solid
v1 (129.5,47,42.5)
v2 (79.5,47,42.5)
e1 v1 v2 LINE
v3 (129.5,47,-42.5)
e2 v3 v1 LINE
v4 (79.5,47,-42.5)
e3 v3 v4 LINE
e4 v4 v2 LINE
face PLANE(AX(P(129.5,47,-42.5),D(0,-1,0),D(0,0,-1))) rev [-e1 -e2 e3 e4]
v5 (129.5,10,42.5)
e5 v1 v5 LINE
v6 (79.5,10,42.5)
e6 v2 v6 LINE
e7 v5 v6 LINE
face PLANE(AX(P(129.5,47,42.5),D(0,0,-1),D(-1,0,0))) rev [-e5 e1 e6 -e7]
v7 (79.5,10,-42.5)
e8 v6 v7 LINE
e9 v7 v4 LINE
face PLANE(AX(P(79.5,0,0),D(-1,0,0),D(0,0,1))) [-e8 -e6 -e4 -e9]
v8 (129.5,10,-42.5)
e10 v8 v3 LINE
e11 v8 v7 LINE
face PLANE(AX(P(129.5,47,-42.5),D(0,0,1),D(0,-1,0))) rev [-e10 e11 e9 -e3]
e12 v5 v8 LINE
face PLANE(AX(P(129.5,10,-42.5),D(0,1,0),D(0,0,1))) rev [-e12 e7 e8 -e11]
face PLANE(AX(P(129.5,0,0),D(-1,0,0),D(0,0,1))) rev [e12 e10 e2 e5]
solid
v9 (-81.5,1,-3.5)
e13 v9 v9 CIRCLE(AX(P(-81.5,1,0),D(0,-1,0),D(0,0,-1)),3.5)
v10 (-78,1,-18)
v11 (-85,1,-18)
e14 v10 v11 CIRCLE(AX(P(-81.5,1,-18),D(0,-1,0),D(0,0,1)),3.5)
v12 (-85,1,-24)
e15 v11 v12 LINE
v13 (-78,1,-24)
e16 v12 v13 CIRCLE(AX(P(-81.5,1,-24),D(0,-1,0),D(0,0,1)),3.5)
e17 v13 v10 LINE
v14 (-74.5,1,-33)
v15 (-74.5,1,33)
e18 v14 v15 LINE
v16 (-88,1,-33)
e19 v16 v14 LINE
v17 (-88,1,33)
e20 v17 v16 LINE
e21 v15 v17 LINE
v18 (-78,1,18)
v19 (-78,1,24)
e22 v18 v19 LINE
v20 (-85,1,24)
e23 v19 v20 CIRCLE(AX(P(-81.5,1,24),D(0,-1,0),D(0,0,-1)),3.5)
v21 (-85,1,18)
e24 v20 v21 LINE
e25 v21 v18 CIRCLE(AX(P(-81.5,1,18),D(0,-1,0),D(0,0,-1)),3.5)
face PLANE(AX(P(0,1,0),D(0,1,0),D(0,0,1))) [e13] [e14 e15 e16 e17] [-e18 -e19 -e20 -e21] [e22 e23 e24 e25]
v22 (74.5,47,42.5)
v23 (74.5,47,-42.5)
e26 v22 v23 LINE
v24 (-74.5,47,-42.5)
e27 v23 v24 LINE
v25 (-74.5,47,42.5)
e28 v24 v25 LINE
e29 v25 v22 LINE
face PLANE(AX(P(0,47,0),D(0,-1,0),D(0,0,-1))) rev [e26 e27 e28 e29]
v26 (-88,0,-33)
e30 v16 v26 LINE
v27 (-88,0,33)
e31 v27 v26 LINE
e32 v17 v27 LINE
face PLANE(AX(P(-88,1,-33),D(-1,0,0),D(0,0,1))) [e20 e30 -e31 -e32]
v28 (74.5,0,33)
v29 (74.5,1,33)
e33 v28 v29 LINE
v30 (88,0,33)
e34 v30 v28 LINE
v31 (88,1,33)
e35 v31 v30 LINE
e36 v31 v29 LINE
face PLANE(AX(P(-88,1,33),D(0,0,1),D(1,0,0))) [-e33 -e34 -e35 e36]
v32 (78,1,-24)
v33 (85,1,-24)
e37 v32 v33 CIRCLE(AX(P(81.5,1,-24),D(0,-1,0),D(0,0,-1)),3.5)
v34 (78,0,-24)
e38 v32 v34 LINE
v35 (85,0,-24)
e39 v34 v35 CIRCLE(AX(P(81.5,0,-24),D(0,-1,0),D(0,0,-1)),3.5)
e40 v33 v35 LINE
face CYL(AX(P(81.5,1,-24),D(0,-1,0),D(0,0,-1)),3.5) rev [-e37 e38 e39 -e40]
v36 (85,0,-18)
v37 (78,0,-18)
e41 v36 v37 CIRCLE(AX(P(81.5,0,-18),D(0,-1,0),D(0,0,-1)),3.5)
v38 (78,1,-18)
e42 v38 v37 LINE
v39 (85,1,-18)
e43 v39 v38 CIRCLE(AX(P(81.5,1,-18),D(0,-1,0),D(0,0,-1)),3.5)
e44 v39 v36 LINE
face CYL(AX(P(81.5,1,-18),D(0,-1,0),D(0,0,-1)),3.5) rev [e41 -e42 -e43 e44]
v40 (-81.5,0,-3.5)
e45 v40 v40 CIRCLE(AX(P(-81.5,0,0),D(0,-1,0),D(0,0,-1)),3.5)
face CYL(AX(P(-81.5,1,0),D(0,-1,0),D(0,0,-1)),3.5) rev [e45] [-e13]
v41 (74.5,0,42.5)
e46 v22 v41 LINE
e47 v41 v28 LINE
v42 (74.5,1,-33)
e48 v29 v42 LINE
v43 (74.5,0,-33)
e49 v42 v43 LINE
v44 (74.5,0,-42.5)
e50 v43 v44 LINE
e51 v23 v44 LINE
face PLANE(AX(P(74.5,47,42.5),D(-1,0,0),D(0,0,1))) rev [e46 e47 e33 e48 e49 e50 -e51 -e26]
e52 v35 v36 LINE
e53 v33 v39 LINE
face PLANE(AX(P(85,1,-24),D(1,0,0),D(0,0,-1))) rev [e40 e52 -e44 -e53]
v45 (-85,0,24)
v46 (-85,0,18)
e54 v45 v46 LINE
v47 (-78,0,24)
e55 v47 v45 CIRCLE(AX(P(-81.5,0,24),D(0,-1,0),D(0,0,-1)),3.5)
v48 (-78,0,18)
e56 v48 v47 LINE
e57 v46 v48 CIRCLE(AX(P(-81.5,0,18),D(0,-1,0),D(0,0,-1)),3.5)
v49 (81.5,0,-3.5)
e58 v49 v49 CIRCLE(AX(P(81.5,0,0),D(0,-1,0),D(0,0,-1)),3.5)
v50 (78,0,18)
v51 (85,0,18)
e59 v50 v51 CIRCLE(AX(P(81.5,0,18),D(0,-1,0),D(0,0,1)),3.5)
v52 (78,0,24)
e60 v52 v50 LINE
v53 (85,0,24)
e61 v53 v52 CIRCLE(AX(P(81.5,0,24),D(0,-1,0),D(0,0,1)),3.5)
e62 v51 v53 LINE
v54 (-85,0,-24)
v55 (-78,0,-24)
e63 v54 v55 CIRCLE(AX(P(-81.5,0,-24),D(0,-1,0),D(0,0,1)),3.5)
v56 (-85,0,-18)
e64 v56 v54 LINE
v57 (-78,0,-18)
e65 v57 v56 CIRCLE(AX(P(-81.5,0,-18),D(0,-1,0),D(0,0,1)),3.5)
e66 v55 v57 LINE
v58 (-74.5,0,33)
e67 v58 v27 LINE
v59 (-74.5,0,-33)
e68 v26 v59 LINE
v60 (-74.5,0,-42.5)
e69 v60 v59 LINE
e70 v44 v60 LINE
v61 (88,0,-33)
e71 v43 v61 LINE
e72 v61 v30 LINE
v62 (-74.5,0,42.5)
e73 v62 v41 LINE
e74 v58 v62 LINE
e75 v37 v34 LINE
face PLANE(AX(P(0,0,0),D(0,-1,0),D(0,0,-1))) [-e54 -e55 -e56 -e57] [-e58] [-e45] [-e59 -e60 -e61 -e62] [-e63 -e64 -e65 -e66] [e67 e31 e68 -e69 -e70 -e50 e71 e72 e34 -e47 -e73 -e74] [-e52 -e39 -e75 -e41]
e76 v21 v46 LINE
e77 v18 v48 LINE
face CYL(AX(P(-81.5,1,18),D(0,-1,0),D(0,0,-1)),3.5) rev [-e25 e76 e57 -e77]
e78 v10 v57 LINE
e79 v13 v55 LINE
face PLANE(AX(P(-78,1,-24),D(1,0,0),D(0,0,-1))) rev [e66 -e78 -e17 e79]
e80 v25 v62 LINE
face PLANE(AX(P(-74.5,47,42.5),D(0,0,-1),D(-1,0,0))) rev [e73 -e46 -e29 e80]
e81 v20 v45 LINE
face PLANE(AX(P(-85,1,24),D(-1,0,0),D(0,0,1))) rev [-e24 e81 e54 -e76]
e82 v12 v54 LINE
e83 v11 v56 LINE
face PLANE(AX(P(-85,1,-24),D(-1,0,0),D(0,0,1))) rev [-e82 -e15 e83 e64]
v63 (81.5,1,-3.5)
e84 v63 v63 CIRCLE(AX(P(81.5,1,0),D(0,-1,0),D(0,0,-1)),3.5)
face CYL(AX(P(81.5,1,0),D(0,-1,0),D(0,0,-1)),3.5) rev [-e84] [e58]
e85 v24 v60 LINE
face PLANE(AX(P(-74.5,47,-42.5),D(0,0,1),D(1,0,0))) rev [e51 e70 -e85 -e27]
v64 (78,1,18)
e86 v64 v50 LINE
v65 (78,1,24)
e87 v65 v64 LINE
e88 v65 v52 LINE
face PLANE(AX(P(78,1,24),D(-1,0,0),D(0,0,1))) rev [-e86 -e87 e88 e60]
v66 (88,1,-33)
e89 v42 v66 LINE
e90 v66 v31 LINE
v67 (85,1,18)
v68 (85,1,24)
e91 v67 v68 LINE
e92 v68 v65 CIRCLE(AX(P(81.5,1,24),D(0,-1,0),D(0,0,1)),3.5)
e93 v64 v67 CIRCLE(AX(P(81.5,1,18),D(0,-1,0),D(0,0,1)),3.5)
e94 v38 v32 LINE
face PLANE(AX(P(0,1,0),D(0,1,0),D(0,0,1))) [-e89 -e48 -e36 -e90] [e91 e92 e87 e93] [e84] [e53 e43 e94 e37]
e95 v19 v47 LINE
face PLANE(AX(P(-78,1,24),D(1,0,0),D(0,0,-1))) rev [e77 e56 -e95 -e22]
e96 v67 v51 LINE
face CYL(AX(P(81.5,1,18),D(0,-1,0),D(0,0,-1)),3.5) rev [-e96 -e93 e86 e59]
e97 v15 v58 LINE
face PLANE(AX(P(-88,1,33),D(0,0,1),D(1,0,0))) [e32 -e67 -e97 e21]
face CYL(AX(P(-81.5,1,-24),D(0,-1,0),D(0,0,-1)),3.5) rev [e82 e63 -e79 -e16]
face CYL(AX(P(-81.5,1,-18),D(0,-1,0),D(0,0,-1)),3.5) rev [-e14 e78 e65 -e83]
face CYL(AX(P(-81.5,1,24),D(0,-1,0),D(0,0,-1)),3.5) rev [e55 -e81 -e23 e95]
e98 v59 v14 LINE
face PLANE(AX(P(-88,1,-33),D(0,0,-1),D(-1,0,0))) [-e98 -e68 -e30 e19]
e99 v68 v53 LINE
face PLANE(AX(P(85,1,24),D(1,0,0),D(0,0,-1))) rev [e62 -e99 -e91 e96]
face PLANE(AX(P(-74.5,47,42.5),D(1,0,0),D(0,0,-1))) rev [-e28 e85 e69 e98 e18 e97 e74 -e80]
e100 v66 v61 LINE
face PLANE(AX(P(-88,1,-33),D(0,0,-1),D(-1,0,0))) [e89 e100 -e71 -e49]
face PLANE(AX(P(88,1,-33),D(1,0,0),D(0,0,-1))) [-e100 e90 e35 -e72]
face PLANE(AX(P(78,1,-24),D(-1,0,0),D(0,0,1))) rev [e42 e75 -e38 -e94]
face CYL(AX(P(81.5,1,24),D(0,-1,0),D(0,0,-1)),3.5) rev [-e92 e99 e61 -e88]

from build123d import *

# Parameters (mm, degrees)
SKETCH_1_W      = 149
SKETCH_1_H      = 85
EXTRUDE_1_DEPTH = 47
SKETCH_2_W      = 176
SKETCH_2_H      = 66
SKETCH_2_R      = 3.5
EXTRUDE_2_DEPTH = 1
EXTRUDE_START   = 5
SKETCH_3_W      = 85
SKETCH_3_H      = 37
EXTRUDE_3_DEPTH = 50


with BuildPart() as part:
    # Эскиз1 → Бобышка-Вытянуть1 (new body)
    with BuildSketch(Plane(origin=(0, 0, 0), x_dir=(1, 0, 0), z_dir=(0, 1, 0))):
        Rectangle(SKETCH_1_W, SKETCH_1_H)
    extrude(amount=EXTRUDE_1_DEPTH)

    # Эскиз2 → Бобышка-Вытянуть2 (add)
    with BuildSketch(Plane.XZ):
        Rectangle(SKETCH_2_W, SKETCH_2_H)
        with Locations((-81.5, 0)):
            Circle(SKETCH_2_R, mode=Mode.SUBTRACT)
        with Locations((81.5, 0)):
            Circle(SKETCH_2_R, mode=Mode.SUBTRACT)
        with BuildLine():
            Line((-78, 24), (-78, 18))
            ThreePointArc((-78, 18), (-81.5, 14.5), (-85, 18))
            Line((-85, 18), (-85, 24))
            ThreePointArc((-85, 24), (-81.5, 27.5), (-78, 24))
        make_face(mode=Mode.SUBTRACT)
        with BuildLine():
            Line((-78, -24), (-78, -18))
            ThreePointArc((-78, -18), (-81.5, -14.5), (-85, -18))
            Line((-85, -18), (-85, -24))
            ThreePointArc((-85, -24), (-81.5, -27.5), (-78, -24))
        make_face(mode=Mode.SUBTRACT)
        with BuildLine():
            Line((78, 24), (78, 18))
            ThreePointArc((78, 18), (81.5, 14.5), (85, 18))
            Line((85, 18), (85, 24))
            ThreePointArc((85, 24), (81.5, 27.5), (78, 24))
        make_face(mode=Mode.SUBTRACT)
        with BuildLine():
            Line((78, -24), (78, -18))
            ThreePointArc((78, -18), (81.5, -14.5), (85, -18))
            Line((85, -18), (85, -24))
            ThreePointArc((85, -24), (81.5, -27.5), (78, -24))
        make_face(mode=Mode.SUBTRACT)
    extrude(amount=-EXTRUDE_2_DEPTH)


with BuildPart() as body_2:
    # Эскиз3 → Бобышка-Вытянуть3 (new body)
    with BuildSketch(Plane(origin=(74.5, 0, 0), x_dir=(0, 0, -1), z_dir=(1, 0, 0)).offset(EXTRUDE_START)):
        with Locations((0, 28.5)):
            Rectangle(SKETCH_3_W, SKETCH_3_H)
    extrude(amount=EXTRUDE_3_DEPTH)


solid = Compound([part.part, body_2.part])
